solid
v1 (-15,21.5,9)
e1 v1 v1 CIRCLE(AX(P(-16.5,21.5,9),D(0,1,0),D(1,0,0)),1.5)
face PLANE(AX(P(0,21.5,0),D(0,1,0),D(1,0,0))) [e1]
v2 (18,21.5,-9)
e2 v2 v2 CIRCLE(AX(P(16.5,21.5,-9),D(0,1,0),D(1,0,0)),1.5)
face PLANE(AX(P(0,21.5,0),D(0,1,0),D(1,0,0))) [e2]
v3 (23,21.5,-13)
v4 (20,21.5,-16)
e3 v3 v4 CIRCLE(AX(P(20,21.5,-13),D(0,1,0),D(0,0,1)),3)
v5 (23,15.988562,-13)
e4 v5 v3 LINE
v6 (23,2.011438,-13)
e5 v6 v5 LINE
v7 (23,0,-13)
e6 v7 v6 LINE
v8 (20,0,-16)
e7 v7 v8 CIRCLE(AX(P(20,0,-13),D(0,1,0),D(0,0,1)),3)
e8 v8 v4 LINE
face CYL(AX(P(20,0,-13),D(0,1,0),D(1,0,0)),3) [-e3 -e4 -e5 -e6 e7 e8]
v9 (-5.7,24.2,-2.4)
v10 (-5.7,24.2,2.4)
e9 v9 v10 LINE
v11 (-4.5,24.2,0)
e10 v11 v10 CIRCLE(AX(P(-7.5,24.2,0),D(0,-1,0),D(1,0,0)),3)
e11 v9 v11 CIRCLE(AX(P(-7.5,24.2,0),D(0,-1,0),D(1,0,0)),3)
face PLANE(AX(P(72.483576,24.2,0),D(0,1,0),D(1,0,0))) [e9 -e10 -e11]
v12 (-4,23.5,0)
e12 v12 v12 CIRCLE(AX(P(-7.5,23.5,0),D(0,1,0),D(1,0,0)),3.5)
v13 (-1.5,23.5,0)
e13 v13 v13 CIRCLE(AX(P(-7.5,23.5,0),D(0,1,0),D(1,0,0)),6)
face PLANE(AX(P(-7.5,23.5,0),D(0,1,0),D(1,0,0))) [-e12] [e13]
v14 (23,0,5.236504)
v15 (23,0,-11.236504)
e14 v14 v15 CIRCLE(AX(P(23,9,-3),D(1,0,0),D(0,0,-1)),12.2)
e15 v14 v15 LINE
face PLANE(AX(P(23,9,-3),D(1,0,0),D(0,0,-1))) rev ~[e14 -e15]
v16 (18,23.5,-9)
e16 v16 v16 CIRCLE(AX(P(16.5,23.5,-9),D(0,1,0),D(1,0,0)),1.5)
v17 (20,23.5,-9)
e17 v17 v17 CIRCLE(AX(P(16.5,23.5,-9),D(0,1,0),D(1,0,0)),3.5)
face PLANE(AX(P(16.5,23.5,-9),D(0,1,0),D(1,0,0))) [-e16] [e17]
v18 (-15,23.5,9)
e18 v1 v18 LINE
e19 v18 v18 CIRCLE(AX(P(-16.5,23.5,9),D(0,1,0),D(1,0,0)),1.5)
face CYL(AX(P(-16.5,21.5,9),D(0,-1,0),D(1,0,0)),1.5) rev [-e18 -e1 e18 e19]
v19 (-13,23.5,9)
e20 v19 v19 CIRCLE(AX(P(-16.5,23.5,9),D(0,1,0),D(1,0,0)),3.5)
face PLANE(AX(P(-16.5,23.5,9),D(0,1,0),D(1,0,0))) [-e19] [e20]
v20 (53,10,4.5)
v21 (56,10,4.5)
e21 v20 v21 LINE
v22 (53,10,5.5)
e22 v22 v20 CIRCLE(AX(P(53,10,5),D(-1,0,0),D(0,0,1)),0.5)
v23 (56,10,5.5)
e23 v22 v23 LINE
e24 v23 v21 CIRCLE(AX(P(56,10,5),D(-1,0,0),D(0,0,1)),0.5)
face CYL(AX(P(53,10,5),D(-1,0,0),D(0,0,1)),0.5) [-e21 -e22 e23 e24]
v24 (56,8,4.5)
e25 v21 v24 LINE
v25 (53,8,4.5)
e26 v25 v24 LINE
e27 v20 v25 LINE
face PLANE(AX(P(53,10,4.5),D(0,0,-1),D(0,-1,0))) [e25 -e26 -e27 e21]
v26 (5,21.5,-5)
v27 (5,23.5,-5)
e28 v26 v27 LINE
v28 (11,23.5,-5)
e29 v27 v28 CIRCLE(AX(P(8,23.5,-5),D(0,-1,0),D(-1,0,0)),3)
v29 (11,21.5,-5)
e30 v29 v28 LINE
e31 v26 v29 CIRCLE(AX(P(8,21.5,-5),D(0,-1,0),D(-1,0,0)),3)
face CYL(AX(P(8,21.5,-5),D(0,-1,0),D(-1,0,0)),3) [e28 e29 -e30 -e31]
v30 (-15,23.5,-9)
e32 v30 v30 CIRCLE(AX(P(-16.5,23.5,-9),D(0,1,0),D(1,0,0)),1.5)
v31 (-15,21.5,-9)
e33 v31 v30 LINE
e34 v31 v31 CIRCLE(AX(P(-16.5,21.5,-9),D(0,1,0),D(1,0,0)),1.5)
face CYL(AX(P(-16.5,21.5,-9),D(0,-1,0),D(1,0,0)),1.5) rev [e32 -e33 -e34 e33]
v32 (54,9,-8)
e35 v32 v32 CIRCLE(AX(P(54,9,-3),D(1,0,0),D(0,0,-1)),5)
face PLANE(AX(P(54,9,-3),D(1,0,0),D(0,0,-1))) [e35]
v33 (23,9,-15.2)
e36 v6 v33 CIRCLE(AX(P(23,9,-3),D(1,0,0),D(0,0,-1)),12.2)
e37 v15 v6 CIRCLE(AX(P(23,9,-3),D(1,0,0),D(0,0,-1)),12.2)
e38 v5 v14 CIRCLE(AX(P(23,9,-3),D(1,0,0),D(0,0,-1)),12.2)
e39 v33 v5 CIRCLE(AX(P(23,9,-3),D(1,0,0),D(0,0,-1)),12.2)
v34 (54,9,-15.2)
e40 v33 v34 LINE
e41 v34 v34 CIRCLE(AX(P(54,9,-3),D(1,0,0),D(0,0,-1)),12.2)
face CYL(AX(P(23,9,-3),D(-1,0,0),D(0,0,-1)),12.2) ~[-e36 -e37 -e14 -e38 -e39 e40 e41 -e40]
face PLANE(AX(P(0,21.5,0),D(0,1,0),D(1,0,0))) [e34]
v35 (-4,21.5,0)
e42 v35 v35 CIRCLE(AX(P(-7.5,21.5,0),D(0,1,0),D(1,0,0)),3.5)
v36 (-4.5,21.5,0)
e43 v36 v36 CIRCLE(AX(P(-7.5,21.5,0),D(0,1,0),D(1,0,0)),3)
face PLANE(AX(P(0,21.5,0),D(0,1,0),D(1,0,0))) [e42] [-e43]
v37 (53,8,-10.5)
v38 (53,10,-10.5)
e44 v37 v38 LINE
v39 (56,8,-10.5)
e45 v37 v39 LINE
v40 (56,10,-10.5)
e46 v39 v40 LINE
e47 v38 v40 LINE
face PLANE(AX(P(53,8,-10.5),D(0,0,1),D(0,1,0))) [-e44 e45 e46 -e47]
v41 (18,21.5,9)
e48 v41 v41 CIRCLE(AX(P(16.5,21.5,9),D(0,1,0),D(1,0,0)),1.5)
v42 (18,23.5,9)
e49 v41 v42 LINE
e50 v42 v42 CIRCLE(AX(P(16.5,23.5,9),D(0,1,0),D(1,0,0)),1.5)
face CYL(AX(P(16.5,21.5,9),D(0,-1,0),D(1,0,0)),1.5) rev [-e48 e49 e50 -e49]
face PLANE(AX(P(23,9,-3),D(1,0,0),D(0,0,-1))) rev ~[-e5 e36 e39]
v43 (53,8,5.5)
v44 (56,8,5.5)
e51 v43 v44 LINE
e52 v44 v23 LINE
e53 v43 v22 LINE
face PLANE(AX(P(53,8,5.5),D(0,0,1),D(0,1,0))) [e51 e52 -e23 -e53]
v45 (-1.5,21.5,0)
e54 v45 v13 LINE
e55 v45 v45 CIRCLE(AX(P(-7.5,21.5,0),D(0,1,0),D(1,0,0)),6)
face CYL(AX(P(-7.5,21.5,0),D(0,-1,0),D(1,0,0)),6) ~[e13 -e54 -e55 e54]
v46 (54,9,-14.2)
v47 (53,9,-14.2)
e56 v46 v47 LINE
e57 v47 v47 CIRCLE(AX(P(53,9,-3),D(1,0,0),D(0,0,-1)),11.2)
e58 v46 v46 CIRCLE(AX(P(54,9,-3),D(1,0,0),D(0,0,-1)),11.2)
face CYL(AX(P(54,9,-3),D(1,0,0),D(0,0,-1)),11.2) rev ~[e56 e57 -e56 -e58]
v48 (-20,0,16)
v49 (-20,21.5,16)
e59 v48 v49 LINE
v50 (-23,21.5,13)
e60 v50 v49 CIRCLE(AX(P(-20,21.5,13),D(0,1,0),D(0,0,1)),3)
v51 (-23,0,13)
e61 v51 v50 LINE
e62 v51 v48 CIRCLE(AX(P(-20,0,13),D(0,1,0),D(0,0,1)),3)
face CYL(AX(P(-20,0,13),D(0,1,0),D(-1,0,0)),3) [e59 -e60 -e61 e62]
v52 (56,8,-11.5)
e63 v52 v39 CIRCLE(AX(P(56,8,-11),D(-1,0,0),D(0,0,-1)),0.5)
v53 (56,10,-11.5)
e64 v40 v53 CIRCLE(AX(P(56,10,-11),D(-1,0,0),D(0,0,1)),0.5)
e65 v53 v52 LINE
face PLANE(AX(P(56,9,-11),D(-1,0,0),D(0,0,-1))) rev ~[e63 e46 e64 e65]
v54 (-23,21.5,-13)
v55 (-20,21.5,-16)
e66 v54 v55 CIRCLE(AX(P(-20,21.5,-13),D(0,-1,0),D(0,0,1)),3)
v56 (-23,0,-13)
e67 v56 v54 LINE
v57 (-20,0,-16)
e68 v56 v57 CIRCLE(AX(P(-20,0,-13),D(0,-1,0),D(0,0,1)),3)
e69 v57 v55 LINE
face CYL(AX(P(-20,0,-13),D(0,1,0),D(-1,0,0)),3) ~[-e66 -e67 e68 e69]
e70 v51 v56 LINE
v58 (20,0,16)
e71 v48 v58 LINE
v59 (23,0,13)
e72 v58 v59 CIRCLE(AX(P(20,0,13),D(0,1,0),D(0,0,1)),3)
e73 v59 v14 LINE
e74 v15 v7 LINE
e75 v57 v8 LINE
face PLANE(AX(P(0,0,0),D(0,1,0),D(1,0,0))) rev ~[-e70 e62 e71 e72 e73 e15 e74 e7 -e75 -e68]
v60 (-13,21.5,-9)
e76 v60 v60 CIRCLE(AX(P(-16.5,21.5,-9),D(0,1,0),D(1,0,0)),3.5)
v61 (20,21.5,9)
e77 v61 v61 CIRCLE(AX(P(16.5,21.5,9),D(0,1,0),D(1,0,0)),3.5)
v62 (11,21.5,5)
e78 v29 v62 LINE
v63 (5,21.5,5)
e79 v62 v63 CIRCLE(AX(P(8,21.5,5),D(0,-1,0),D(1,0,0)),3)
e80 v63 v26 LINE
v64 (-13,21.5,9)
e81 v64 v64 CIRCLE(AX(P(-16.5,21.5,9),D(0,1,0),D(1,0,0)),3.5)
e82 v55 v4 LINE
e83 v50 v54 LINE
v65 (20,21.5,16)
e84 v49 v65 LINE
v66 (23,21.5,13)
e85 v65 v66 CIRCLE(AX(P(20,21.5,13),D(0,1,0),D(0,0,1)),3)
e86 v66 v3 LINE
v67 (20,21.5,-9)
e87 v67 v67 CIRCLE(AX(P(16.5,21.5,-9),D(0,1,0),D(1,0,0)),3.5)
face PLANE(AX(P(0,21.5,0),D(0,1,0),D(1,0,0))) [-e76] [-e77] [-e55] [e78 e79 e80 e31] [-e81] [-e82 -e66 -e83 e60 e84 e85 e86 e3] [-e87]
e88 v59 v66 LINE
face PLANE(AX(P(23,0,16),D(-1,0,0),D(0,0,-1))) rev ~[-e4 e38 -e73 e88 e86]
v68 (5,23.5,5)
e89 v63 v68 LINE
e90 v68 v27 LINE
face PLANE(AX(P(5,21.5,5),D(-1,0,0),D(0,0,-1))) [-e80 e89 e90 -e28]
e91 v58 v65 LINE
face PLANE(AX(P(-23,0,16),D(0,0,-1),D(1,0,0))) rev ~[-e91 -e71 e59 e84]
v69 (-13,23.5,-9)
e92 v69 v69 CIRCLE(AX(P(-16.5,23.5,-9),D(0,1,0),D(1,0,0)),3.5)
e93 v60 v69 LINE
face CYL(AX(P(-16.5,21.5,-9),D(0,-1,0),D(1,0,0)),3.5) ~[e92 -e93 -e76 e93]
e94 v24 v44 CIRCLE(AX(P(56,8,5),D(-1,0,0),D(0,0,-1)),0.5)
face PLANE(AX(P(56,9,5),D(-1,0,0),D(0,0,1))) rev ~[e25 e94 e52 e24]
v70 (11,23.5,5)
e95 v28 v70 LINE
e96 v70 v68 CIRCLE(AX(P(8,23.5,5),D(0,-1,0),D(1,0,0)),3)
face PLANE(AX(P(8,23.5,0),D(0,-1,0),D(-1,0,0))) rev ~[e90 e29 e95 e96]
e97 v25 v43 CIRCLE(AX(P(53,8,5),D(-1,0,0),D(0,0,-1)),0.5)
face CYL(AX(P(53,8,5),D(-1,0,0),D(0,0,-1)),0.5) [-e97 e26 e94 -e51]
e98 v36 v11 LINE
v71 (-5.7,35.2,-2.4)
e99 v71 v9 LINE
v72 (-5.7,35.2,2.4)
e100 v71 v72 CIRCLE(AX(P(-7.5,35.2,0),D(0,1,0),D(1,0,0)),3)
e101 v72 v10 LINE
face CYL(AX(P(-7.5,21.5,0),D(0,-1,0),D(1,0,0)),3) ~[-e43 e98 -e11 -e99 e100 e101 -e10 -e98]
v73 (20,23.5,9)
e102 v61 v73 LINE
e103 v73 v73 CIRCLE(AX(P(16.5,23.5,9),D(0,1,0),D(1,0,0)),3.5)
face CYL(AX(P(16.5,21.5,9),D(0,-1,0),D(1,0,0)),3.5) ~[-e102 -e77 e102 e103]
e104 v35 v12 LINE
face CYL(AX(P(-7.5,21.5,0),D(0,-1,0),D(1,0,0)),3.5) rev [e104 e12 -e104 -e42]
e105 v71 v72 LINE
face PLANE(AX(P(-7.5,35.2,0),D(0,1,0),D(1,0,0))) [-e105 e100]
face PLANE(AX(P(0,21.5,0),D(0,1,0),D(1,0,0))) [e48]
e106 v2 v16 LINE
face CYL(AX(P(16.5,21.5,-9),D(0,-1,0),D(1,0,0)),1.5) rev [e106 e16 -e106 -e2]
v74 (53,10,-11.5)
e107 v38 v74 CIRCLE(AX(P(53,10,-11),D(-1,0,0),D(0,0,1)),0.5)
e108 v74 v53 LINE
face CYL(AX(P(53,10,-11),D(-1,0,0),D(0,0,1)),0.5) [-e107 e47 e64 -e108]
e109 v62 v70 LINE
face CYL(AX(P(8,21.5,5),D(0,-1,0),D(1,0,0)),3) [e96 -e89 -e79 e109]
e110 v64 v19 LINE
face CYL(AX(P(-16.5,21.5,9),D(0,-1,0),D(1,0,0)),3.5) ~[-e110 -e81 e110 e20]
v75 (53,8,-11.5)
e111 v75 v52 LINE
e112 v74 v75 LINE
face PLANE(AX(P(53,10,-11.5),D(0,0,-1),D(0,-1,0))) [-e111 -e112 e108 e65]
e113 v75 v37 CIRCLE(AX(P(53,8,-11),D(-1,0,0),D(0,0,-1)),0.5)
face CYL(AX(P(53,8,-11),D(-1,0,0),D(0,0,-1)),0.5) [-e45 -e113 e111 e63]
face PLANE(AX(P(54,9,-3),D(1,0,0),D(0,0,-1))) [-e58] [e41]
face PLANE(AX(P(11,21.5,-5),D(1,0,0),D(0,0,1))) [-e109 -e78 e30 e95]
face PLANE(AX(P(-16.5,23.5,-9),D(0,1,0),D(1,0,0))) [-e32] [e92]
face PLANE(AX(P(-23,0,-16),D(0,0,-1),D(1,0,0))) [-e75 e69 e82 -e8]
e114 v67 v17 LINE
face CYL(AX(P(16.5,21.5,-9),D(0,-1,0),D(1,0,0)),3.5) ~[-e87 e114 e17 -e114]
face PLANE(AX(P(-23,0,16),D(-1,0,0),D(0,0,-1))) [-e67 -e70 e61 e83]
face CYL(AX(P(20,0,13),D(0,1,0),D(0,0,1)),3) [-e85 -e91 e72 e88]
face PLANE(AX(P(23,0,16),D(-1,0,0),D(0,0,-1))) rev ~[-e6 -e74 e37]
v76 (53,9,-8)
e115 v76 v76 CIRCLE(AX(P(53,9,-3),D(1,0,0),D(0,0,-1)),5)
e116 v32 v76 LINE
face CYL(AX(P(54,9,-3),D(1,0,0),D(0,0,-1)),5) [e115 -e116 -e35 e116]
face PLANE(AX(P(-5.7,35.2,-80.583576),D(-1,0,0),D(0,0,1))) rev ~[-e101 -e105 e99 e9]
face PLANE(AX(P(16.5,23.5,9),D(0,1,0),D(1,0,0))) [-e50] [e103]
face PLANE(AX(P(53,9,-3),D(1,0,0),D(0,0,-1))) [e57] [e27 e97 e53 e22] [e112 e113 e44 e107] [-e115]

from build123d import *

# Parameters (mm, degrees)
SKETCH1_W           = 46
SKETCH1_H           = 32
BOSS_EXTRUDE1_DEPTH = 21.5
FILLET1_R           = 3
SKETCH2_R           = 3.5
SKETCH2_R_2         = 1.5
SKETCH2_R_3         = 6
BOSS_EXTRUDE2_DEPTH = 2
SKETCH3_R           = 3
BOSS_EXTRUDE3_DEPTH = 13.7
CUT_EXTRUDE1_DEPTH  = 11
SKETCH6_R           = 12.2
BOSS_EXTRUDE5_DEPTH = 31
SKETCH7_R           = 11.2
SKETCH7_R_2         = 5
CUT_EXTRUDE2_DEPTH  = 1
BOSS_EXTRUDE6_DEPTH = 3
CIRPATTERN1_COUNT   = 2


with BuildPart() as part:
    # Sketch1 → Boss-Extrude1 (new body)
    with BuildSketch(Plane(origin=(0, 0, 0), x_dir=(1, 0, 0), z_dir=(0, 1, 0))):
        Rectangle(SKETCH1_W, SKETCH1_H)
    extrude(amount=BOSS_EXTRUDE1_DEPTH)

    # Fillet1
    fillet1_edges = [part.edges().sort_by_distance(p)[0] for p in [
        (23, 10.75, 16),
        (-23, 10.75, 16),
        (-23, 10.75, -16),
        (23, 10.75, -16),
    ]]
    fillet(fillet1_edges, radius=FILLET1_R)

    # Sketch2 → Boss-Extrude2 (add)
    with BuildSketch(Plane(origin=(0, 21.5, 0), x_dir=(1, 0, 0), z_dir=(0, 1, 0))):
        with Locations((-16.5, 9)):
            Circle(SKETCH2_R)
        with Locations((-16.5, 9)):
            Circle(SKETCH2_R_2, mode=Mode.SUBTRACT)
        with Locations((16.5, 9)):
            Circle(SKETCH2_R)
        with Locations((16.5, 9)):
            Circle(SKETCH2_R_2, mode=Mode.SUBTRACT)
        with Locations((16.5, -9)):
            Circle(SKETCH2_R)
        with Locations((16.5, -9)):
            Circle(SKETCH2_R_2, mode=Mode.SUBTRACT)
        with Locations((-16.5, -9)):
            Circle(SKETCH2_R)
        with Locations((-16.5, -9)):
            Circle(SKETCH2_R_2, mode=Mode.SUBTRACT)
        with Locations((-7.5, 0)):
            Circle(SKETCH2_R_3)
        with Locations((-7.5, 0)):
            Circle(SKETCH2_R, mode=Mode.SUBTRACT)
        with BuildLine():
            Line((11, 5), (11, -5))
            ThreePointArc((11, -5), (8, -8), (5, -5))
            Line((5, -5), (5, 5))
            ThreePointArc((5, 5), (8, 8), (11, 5))
        make_face()
    extrude(amount=BOSS_EXTRUDE2_DEPTH)

    # Sketch3 → Boss-Extrude3 (add)
    with BuildSketch(Plane(origin=(0, 21.5, 0), x_dir=(1, 0, 0), z_dir=(0, 1, 0))):
        with Locations((-7.5, 0)):
            Circle(SKETCH3_R)
    extrude(amount=BOSS_EXTRUDE3_DEPTH)

    # Sketch4 → Cut-Extrude1 (cut)
    with BuildSketch(Plane(origin=(0, 35.2, 0), x_dir=(1, 0, 0), z_dir=(0, 1, 0))):
        Polygon((-5.7, 80.583575735), (-5.7, 2.4), (-5.7, -2.4), (-5.7, -80.583575735), (150.66715147, -80.583575735), (150.66715147, 80.583575735), align=None)
    extrude(amount=-CUT_EXTRUDE1_DEPTH, mode=Mode.SUBTRACT)

    # Sketch6 → Boss-Extrude5 (add)
    with BuildSketch(Plane(origin=(23, 0, 0), x_dir=(0, 0, -1), z_dir=(1, 0, 0))):
        with Locations((3, 9)):
            Circle(SKETCH6_R)
    extrude(amount=BOSS_EXTRUDE5_DEPTH)

    # Sketch7 → Cut-Extrude2 (cut)
    with BuildSketch(Plane(origin=(54, 0, 0), x_dir=(0, 0, -1), z_dir=(1, 0, 0))):
        with Locations((3, 9)):
            Circle(SKETCH7_R)
        with Locations((3, 9)):
            Circle(SKETCH7_R_2, mode=Mode.SUBTRACT)
    extrude(amount=-CUT_EXTRUDE2_DEPTH, mode=Mode.SUBTRACT)

    # Sketch8 → Boss-Extrude6 (add)
    with BuildSketch(Plane(origin=(53, 0, 0), x_dir=(0, 0, -1), z_dir=(1, 0, 0))):
        with BuildLine():
            Line((-5.5, 8), (-5.5, 10))
            ThreePointArc((-5.5, 10), (-5, 10.5), (-4.5, 10))
            Line((-4.5, 10), (-4.5, 8))
            ThreePointArc((-4.5, 8), (-5, 7.5), (-5.5, 8))
        make_face()
    boss_extrude6 = extrude(amount=BOSS_EXTRUDE6_DEPTH)

    # CirPattern1: Boss-Extrude6 ×2 about axis
    cirpattern1_axis = Axis((0, 9, -3), (1, 0, 0))
    for i in range(1, CIRPATTERN1_COUNT):
        add(boss_extrude6.rotate(cirpattern1_axis, i * 360 / CIRPATTERN1_COUNT))


solid = part.part
